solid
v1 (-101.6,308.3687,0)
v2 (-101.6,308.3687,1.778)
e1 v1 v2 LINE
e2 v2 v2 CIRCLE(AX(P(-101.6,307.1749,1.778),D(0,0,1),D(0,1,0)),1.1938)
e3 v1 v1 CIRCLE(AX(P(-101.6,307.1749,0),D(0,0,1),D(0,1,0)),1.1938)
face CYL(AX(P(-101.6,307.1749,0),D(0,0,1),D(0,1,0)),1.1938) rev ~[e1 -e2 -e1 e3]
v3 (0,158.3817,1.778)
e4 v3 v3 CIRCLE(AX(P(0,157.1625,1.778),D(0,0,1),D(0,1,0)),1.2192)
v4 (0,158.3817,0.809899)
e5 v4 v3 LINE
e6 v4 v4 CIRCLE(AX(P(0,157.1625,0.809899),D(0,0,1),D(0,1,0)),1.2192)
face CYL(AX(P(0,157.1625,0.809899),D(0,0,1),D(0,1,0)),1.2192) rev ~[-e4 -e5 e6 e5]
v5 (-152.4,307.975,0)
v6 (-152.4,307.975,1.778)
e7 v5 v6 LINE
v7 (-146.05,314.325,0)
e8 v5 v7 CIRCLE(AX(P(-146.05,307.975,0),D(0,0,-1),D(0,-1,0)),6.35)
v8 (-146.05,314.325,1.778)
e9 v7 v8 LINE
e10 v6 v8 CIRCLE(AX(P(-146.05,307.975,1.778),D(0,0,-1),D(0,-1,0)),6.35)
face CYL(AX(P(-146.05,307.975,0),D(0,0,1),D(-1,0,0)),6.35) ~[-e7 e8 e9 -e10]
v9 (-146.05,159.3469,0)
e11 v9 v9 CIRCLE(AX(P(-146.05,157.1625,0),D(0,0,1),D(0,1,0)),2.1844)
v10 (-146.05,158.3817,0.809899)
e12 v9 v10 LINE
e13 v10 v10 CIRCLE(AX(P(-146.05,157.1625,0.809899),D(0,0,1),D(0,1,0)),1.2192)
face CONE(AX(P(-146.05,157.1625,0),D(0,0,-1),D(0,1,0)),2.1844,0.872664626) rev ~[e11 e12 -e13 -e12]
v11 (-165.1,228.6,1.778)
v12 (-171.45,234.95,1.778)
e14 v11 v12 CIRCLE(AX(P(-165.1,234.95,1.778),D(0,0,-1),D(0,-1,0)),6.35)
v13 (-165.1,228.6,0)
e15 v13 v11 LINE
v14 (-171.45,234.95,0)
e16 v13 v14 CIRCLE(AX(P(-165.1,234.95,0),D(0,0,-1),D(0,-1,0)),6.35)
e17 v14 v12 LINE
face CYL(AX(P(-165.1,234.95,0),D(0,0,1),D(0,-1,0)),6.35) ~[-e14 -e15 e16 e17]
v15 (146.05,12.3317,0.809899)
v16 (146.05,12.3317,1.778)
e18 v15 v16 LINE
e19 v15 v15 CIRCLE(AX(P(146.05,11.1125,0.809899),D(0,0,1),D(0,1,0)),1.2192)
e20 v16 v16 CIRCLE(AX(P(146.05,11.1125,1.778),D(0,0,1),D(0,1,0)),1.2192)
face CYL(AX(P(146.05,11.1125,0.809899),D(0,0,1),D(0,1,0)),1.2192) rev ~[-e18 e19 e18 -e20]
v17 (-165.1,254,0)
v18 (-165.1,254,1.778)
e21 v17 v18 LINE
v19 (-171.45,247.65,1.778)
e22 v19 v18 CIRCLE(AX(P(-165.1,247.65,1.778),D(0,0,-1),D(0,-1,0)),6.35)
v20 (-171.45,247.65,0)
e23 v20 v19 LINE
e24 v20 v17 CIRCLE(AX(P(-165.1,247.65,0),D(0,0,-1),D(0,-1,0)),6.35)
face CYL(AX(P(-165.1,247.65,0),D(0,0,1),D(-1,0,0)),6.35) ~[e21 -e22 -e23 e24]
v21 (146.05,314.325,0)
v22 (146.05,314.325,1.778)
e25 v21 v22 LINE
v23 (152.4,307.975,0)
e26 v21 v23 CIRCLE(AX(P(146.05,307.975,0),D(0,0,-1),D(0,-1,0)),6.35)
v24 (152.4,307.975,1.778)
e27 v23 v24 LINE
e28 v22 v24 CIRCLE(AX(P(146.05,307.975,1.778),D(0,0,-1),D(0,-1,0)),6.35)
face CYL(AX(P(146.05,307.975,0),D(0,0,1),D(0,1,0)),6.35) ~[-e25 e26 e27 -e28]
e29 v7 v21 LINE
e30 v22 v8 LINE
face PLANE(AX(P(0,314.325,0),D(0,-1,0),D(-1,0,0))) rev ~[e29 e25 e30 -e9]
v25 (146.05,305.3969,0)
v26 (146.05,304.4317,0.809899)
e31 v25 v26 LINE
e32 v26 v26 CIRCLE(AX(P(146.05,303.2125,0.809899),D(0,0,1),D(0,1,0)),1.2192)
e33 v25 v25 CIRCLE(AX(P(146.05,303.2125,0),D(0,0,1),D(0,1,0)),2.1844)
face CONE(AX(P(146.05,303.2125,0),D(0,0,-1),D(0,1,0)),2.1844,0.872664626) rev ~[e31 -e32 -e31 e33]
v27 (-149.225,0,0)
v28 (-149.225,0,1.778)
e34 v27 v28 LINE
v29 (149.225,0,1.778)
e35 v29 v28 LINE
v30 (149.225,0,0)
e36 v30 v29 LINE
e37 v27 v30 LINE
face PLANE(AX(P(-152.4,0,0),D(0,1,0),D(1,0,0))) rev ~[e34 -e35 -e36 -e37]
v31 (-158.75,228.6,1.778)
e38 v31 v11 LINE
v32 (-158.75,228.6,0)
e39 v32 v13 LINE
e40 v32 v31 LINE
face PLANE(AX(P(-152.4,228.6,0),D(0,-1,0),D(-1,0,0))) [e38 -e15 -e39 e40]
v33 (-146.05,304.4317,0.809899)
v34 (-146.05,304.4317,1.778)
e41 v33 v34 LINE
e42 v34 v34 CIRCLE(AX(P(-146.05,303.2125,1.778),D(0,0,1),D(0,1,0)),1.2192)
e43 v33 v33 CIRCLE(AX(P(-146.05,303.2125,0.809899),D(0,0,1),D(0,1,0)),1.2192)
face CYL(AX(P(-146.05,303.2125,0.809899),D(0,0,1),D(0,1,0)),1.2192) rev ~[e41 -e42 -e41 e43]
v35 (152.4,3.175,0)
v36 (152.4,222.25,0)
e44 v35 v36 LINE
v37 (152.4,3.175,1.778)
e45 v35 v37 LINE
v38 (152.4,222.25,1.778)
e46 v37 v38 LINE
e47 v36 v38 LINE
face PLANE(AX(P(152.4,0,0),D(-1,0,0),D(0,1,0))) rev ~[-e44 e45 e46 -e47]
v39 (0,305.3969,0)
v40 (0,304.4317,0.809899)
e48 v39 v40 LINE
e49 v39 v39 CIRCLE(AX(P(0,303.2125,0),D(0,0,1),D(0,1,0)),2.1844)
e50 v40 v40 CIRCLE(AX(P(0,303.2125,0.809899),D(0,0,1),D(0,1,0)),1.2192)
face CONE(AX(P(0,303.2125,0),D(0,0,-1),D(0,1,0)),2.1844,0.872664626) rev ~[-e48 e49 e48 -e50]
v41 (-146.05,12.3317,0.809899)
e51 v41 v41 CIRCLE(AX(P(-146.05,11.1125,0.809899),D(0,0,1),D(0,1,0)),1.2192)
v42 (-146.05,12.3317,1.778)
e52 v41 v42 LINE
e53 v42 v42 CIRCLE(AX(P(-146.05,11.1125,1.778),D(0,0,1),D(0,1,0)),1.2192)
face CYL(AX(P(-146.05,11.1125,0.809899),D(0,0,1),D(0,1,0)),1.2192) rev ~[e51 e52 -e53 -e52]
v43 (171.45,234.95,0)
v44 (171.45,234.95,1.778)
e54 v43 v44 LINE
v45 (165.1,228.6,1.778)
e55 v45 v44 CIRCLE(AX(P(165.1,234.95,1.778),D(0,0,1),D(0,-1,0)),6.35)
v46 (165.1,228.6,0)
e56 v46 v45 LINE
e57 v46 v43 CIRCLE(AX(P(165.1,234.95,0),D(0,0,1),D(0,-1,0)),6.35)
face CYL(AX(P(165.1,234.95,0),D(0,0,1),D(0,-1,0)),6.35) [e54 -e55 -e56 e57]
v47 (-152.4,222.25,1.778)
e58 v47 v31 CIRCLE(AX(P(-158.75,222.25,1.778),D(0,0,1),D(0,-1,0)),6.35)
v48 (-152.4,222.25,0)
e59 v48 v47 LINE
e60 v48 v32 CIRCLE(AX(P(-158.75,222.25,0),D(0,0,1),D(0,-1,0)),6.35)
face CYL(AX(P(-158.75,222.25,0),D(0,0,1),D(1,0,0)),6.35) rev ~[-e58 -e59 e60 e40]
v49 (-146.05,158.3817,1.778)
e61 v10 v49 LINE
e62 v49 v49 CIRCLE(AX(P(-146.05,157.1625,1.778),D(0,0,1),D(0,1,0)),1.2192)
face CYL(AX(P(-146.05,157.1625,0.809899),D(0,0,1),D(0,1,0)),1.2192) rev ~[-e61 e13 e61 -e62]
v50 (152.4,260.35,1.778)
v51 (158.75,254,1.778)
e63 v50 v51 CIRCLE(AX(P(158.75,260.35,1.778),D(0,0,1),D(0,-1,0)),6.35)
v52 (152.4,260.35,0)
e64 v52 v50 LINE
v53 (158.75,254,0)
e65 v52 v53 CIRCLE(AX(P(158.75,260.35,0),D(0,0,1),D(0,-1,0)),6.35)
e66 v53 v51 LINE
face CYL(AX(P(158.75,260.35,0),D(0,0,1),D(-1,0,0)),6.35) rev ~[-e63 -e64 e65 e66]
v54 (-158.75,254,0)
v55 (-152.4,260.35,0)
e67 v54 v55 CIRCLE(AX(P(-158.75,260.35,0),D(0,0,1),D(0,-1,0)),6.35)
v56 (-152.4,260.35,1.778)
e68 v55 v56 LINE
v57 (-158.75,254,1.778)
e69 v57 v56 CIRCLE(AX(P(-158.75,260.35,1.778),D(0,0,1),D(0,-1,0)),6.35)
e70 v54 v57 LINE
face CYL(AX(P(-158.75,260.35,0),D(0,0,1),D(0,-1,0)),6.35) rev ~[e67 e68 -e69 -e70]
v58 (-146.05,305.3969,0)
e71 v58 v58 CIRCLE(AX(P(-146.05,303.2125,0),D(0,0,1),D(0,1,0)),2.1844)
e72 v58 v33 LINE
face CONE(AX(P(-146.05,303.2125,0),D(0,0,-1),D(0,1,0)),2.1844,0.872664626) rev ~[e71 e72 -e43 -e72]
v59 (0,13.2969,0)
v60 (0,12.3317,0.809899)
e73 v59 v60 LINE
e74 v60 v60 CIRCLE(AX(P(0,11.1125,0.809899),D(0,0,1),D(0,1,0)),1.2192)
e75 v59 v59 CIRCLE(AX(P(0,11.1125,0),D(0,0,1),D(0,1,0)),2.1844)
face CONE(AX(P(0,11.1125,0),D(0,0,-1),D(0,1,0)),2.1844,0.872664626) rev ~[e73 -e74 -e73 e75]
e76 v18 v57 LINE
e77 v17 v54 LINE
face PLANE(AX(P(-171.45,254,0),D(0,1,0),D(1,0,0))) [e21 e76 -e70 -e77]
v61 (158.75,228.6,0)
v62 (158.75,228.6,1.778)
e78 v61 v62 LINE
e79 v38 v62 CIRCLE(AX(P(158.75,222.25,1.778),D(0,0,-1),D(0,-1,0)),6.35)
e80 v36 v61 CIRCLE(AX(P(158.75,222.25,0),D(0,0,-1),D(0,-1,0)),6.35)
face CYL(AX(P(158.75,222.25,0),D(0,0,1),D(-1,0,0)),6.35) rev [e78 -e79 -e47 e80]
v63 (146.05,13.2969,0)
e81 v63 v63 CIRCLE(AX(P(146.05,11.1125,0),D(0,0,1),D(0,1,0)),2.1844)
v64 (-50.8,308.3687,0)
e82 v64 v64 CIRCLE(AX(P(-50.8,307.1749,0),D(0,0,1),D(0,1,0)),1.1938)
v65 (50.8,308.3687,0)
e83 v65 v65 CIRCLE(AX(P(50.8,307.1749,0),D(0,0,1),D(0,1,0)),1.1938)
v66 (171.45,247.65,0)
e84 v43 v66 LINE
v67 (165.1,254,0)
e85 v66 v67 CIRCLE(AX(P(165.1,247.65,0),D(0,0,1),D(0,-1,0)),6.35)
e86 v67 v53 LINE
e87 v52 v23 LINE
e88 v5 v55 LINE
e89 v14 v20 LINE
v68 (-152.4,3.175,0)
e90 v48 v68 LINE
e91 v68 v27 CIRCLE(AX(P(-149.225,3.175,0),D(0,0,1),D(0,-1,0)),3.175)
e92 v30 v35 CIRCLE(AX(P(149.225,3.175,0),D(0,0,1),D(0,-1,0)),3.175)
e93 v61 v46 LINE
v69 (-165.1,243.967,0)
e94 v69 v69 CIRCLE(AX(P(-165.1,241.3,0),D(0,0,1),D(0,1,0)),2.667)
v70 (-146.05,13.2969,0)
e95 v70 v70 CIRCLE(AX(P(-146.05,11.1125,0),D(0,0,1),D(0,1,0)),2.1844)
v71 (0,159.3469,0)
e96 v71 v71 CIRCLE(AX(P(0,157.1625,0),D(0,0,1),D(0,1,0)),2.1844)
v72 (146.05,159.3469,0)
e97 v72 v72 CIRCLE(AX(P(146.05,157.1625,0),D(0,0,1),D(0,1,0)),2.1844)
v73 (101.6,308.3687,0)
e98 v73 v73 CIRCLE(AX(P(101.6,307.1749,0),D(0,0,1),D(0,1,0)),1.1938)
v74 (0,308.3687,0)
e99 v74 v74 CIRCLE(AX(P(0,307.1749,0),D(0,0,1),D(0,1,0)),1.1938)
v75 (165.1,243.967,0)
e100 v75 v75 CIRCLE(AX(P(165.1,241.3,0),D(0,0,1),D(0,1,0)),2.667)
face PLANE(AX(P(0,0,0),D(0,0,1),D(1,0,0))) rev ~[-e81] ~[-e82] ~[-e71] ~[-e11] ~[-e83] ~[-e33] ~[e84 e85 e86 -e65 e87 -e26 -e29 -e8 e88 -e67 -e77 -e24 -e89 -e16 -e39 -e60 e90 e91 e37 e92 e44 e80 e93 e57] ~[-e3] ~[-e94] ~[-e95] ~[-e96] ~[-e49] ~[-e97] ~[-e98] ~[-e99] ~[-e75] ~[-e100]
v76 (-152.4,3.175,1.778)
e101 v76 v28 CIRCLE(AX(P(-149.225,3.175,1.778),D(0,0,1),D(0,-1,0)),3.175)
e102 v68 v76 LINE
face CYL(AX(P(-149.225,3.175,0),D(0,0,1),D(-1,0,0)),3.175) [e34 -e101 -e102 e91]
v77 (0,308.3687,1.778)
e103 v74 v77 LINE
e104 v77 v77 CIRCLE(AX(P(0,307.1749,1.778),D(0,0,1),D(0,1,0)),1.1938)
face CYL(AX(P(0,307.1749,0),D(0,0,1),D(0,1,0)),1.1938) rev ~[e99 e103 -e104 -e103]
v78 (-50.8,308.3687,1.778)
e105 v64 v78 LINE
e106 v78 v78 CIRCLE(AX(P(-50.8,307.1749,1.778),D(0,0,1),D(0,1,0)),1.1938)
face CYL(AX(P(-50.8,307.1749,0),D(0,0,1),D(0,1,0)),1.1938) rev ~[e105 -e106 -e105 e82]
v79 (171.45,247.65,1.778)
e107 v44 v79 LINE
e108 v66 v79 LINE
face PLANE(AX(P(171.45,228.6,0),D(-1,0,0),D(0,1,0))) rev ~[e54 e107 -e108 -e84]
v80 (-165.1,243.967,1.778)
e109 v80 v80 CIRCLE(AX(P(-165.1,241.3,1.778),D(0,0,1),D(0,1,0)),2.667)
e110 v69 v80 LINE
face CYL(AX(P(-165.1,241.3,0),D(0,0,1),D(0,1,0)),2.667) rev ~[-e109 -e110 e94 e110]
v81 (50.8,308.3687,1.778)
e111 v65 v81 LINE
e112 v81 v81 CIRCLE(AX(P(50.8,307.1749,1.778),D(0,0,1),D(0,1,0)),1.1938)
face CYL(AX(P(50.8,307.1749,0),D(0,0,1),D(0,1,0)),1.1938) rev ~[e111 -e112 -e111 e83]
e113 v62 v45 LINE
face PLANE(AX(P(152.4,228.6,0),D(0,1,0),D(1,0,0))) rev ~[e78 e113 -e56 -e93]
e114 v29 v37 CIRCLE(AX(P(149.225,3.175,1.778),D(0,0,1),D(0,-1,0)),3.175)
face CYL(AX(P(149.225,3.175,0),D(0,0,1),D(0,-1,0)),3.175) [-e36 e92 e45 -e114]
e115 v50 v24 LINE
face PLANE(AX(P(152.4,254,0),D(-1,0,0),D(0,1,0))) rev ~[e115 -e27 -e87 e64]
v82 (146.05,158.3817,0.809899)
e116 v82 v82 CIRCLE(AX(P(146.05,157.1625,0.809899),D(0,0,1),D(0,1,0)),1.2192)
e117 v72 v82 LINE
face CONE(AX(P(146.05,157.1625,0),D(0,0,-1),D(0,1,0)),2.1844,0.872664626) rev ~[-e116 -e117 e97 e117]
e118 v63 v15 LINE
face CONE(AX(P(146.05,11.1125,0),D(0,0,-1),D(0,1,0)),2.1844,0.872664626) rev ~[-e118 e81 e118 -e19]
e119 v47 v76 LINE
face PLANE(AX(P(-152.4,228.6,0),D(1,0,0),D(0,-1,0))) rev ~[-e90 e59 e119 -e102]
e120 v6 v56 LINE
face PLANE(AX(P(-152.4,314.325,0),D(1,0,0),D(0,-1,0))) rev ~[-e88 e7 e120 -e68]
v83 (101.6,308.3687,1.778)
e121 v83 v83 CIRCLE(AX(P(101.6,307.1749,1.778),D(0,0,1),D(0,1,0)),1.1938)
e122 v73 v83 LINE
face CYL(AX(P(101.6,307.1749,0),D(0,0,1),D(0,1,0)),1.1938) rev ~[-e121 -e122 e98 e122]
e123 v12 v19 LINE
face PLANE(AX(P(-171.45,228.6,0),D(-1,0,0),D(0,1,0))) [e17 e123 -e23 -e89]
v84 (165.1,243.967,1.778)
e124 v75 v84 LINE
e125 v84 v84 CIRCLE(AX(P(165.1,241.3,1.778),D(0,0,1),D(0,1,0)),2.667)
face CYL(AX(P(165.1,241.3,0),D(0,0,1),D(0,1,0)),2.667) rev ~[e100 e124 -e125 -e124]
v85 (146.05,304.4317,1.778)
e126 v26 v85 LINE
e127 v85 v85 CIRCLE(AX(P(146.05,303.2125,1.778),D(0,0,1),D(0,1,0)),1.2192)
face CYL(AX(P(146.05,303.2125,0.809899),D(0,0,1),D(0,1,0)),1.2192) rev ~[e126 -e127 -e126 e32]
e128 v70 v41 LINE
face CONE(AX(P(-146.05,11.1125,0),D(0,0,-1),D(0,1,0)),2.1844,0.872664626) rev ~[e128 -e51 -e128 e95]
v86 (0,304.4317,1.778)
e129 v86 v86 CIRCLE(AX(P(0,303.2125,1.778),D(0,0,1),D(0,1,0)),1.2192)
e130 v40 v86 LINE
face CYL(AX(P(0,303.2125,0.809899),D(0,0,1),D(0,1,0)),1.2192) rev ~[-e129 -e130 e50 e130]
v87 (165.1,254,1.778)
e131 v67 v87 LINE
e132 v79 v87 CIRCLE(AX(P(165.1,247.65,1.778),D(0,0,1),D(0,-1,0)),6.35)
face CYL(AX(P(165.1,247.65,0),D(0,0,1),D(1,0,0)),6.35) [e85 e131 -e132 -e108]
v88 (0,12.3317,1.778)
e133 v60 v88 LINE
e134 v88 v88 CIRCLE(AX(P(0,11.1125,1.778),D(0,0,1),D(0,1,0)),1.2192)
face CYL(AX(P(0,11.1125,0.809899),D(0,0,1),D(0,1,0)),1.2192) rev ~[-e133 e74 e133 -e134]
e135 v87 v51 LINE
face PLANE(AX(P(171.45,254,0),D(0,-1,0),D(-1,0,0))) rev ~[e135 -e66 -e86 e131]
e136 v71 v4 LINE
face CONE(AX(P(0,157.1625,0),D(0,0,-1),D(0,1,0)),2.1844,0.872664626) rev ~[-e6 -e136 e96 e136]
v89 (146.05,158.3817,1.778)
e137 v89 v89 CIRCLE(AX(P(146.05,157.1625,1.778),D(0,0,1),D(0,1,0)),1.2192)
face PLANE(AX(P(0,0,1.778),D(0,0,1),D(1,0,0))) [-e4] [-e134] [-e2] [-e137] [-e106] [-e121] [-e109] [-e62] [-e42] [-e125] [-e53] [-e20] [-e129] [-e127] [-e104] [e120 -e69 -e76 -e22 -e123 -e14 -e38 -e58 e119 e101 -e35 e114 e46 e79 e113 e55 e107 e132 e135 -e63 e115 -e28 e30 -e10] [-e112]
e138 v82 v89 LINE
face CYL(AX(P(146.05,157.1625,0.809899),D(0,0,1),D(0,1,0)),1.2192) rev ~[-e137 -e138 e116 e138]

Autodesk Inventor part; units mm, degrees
ref_plane "YZ Plane" through (0, 0, 0) normal (1, 0, 0) x (0, 1, 0)
ref_plane "XZ Plane" through (0, 0, 0) normal (0, 1, 0) x (-1, 0, 0)
ref_plane "XY Plane" through (0, 0, 0) normal (0, 0, 1) x (1, 0, 0)
sketch "Sketch1" plane through (0, 0, 0) normal (0, 0, 1) x (1, 0, 0)
  line L0 (-240.03, 0) -> (240.03, 0) projected
  line L1 (0, 377.19) -> (0, -62.865) projected
  line L2 (152.4, 314.325) -> (-152.4, 314.325)
  line L3 (-152.4, 314.325) -> (-152.4, 0)
  line L4 (-152.4, 0) -> (152.4, 0)
  line L5 (152.4, 0) -> (152.4, 314.325)
  line L6 (152.4, 314.325) -> (-152.4, 0) construction
  line L7 (-152.4, 314.325) -> (152.4, 0) construction
  line L8 (-152.4, 228.6) -> (-171.45, 228.6)
  line L9 (-171.45, 228.6) -> (-171.45, 254)
  line L10 (-171.45, 254) -> (-152.4, 254)
  line L11 (-152.4, 254) -> (-152.4, 228.6)
  line L12 (152.4, 228.6) -> (171.45, 228.6)
  line L13 (171.45, 228.6) -> (171.45, 254)
  line L14 (171.45, 254) -> (152.4, 254)
  line L15 (152.4, 254) -> (152.4, 228.6)
  point P0 (0, 0)
  point P1 (0, 157.1625)
  point P2 (-165.1, 241.3)
  point P3 (165.1, 241.3)
  point P4 (101.6, 307.1749)
  point P5 (0, 307.1749)
  point P6 (-101.6, 307.1749)
  point P7 (-50.8, 307.1749)
  point P8 (50.8, 307.1749)
  dimension "d0" = 304.8
  dimension "d1" = 165.1
  dimension "d2" = 165.1
  dimension "d3" = 25.4
  dimension "d4" = 12.7
  dimension "d5" = 19.05
  dimension "d6" = 241.3
  dimension "d7" = 314.325
  dimension "d17" = 101.6
  dimension "d18" = 101.6
  dimension "d19" = 7.1501
  dimension "d29" = 50.8
  dimension "d30" = 50.8
extrude "Extrusion1" add sketch "Sketch1" along normal blind 1.778
hole "Hole1" at (-165.1, 241.3, 0) at (165.1, 241.3, 0) direction (0, 0, 1) diameter 5.334 end through all clearance for "Flat Head Machine Screw (82)" size "#10" standard "Ansi Unified Screw Threads"
fillet "Fillet1" radius 3.175 2 edges at (152.4, 0, 0.889) (-152.4, 0, 0.889)
hole "Hole2" at (101.6, 307.1749, 0) at (0, 307.1749, 0) at (-101.6, 307.1749, 0) at (-50.8, 307.1749, 0) at (50.8, 307.1749, 0) direction (0, 0, 1) diameter 2.3876 end through all clearance for "Flat Head Machine Screw" size "M2" standard "Ansi Metric M Profile"
fillet "Fillet2" radius 6.35 10 edges at (152.4, 228.6, 0.889) (171.45, 228.6, 0.889) (171.45, 254, 0.889) (152.4, 254, 0.889) (152.4, 314.325, 0.889) (-152.4, 314.325, 0.889) (-152.4, 254, 0.889) (-171.45, 254, 0.889) (-171.45, 228.6, 0.889) (-152.4, 228.6, 0.889)
sketch "Sketch2" plane through (0, 0, 0) normal (0, 0, 1) x (1, 0, 0)
  line L0 (0, 377.19) -> (0, -62.865) projected
  line L1 (-152.4, 314.325) -> (152.4, 0) construction
  line L2 (152.4, 314.325) -> (-152.4, 0) construction
  line L3 (-146.05, 11.1125) -> (146.05, 11.1125) construction
  line L4 (146.05, 11.1125) -> (146.05, 303.2125) construction
  line L5 (146.05, 303.2125) -> (-146.05, 303.2125) construction
  line L6 (-146.05, 303.2125) -> (-146.05, 11.1125) construction
  line L7 (-146.05, 11.1125) -> (146.05, 303.2125) construction
  line L8 (146.05, 11.1125) -> (-146.05, 303.2125) construction
  point P0 (0, 0)
  point P1 (0, 157.1625)
  point P2 (0, 303.2125)
  point P3 (-146.05, 157.1625)
  point P4 (0, 11.1125)
  point P5 (0, 157.1625)
  point P6 (146.05, 157.1625)
  dimension "d31" = 292.1
  dimension "d32" = 292.1
hole "Hole3" at (-146.05, 11.1125, 0) at (146.05, 11.1125, 0) at (146.05, 303.2125, 0) at (-146.05, 303.2125, 0) at (146.05, 157.1625, 0) at (0, 11.1125, 0) at (0, 157.1625, 0) at (-146.05, 157.1625, 0) at (0, 303.2125, 0) direction (0, 0, 1) diameter 2.4384 end through all countersink diameter 4.3688 countersink angle 100 clearance for "Flat Head Machine Screw (100)" size "#2" standard "Ansi Unified Screw Threads"
equation "\"d2\" = d1"
equation "\"d4\" = 0.5 * d3"
